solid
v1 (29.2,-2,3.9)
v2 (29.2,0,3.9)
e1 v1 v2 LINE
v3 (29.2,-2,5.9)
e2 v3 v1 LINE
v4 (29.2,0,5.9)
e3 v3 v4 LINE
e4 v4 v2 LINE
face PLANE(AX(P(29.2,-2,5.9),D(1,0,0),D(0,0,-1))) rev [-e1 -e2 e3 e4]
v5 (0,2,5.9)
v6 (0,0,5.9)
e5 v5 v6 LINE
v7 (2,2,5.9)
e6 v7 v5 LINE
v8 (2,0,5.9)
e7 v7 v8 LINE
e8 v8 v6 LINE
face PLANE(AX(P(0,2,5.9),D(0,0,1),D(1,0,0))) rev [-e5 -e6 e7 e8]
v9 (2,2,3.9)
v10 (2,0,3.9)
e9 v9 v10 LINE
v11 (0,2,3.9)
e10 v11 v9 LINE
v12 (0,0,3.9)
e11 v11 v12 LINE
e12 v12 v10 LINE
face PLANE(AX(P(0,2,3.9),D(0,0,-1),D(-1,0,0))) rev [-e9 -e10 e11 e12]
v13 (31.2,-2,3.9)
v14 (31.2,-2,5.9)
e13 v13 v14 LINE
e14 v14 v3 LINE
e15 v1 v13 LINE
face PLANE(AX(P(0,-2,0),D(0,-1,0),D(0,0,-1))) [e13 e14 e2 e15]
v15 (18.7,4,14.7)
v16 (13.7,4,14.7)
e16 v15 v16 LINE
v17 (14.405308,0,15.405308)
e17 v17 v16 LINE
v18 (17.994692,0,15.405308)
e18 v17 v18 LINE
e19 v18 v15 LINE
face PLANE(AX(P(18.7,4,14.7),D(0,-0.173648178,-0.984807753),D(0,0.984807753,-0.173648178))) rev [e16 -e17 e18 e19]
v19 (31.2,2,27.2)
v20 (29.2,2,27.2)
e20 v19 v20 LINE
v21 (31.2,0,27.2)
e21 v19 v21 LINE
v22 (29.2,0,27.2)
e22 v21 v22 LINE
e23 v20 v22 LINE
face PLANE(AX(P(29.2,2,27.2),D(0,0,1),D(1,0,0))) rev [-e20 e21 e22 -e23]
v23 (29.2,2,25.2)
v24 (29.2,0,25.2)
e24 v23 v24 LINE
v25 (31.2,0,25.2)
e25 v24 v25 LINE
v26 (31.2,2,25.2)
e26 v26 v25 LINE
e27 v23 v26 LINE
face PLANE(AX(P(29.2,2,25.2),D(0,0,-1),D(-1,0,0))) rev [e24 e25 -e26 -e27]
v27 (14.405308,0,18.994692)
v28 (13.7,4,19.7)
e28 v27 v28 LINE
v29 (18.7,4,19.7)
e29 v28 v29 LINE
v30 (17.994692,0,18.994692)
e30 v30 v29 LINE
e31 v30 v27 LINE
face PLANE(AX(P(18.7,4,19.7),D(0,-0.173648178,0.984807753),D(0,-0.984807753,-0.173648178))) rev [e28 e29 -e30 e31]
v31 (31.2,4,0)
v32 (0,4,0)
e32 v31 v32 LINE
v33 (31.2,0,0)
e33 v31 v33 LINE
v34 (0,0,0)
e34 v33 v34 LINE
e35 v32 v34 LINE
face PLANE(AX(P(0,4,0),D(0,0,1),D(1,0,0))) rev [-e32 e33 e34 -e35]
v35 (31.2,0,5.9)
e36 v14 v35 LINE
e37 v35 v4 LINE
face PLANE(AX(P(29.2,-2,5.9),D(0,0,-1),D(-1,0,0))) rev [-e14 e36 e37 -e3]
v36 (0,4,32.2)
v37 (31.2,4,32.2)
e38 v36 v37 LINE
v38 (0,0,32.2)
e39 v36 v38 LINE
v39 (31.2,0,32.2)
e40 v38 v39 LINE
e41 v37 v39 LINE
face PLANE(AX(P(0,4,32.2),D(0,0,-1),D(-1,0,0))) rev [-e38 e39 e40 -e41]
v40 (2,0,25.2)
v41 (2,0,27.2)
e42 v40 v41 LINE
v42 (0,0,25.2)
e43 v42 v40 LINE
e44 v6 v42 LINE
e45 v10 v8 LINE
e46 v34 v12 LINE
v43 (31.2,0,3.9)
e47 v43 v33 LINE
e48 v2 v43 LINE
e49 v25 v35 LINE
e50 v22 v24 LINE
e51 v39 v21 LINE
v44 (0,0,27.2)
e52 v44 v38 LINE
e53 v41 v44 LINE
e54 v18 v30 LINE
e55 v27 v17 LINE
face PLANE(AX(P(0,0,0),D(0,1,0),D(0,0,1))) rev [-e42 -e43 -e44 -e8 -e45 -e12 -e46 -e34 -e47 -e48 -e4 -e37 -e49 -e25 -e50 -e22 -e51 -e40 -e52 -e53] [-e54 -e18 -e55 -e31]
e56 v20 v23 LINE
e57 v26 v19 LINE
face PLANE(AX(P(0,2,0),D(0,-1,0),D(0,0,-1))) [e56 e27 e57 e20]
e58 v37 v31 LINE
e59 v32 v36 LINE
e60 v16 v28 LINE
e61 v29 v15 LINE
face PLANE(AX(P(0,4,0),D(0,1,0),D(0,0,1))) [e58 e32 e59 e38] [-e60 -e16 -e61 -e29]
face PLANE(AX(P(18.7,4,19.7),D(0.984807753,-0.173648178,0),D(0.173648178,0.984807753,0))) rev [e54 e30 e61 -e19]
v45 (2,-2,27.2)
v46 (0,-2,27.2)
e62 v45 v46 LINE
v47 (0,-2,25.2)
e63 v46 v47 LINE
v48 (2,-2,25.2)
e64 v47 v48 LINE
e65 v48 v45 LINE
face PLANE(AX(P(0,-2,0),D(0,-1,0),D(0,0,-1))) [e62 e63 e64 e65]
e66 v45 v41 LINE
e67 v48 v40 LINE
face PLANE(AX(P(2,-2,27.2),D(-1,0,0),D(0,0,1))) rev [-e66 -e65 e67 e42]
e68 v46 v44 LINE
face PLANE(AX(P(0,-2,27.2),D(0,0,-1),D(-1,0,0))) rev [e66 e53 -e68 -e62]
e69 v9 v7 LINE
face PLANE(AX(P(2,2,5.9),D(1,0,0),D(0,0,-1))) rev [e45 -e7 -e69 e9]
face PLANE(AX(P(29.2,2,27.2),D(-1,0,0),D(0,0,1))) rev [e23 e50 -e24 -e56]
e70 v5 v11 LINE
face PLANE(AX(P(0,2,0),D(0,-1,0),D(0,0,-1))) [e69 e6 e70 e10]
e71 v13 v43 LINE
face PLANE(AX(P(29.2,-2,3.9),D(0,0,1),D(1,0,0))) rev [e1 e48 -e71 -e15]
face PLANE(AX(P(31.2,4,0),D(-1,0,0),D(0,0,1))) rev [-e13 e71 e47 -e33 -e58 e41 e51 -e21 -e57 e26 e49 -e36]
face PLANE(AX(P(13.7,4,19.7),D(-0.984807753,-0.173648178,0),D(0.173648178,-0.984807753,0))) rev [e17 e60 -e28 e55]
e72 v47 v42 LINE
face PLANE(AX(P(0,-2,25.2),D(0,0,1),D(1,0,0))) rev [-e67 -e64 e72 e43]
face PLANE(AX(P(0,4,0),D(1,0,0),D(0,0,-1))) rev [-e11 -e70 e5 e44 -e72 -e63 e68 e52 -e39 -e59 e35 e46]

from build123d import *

# Parameters (mm, degrees)
SKETCH1_W          = 31.2
SKETCH1_H          = 32.2
BODY_DEPTH         = 4
SKETCH2_W          = 2
SKETCH2_H          = 2
FEMALE_TABS_DEPTH  = 2
SKETCH3_W          = 2
SKETCH3_H          = 2
MALE_TABS_DEPTH    = 2
SKETCH4_W          = 5
SKETCH4_H          = 5
CUT_EXTRUDE2_DEPTH = 4
CUT_EXTRUDE2_DRAFT = -10


with BuildPart() as part:
    # Sketch1 → Body (new body)
    with BuildSketch(Plane(origin=(0, 0, 0), x_dir=(1, 0, 0), z_dir=(0, 1, 0))):
        with Locations((15.6, -16.1)):
            Rectangle(SKETCH1_W, SKETCH1_H)
    extrude(amount=BODY_DEPTH)

    # Sketch2 → Female Tabs (cut)
    with BuildSketch(Plane(origin=(0, 0, 0), x_dir=(-1, 0, 0), z_dir=(0, -1, 0))):
        with Locations((-1, -4.9)):
            Rectangle(SKETCH2_W, SKETCH2_H)
        with Locations((-30.2, -26.2)):
            Rectangle(SKETCH2_W, SKETCH2_H)
    extrude(amount=-FEMALE_TABS_DEPTH, mode=Mode.SUBTRACT)

    # Sketch3 → Male Tabs (add)
    with BuildSketch(Plane(origin=(0, 0, 0), x_dir=(-1, 0, 0), z_dir=(0, -1, 0))):
        with Locations((-1, -26.2)):
            Rectangle(SKETCH3_W, SKETCH3_H)
        with Locations((-30.2, -4.9)):
            Rectangle(SKETCH3_W, SKETCH3_H)
    extrude(amount=MALE_TABS_DEPTH)


with BuildPart() as cut_extrude2_tool:
    # Sketch4 → Cut-Extrude2 (with draft: the straight prism first)
    with BuildSketch(Plane(origin=(0, 4, 0), x_dir=(1, 0, 0), z_dir=(0, 1, 0))):
        with Locations((16.2, -17.2)):
            Rectangle(SKETCH4_W, SKETCH4_H)
    extrude(amount=-CUT_EXTRUDE2_DEPTH)
    # Cut-Extrude2: the draft: its side faces are tilted about the plane it starts from
    cut_extrude2_sides = [cut_extrude2_tool.faces().sort_by_distance(p)[0] for p in [
        (18.7, 2, 17.2),
        (16.2, 2, 14.7),
        (13.7, 2, 17.2),
        (16.2, 2, 19.7),
    ]]
    draft(cut_extrude2_sides, Plane(origin=(0, 4, 0), x_dir=(1, 0, 0), z_dir=(0, 1, 0)), CUT_EXTRUDE2_DRAFT)


with BuildPart() as part_1:
    add(part.part)

    # Cut-Extrude2: cut by cut_extrude2_tool
    add(cut_extrude2_tool.part, mode=Mode.SUBTRACT)


solid = part_1.part
